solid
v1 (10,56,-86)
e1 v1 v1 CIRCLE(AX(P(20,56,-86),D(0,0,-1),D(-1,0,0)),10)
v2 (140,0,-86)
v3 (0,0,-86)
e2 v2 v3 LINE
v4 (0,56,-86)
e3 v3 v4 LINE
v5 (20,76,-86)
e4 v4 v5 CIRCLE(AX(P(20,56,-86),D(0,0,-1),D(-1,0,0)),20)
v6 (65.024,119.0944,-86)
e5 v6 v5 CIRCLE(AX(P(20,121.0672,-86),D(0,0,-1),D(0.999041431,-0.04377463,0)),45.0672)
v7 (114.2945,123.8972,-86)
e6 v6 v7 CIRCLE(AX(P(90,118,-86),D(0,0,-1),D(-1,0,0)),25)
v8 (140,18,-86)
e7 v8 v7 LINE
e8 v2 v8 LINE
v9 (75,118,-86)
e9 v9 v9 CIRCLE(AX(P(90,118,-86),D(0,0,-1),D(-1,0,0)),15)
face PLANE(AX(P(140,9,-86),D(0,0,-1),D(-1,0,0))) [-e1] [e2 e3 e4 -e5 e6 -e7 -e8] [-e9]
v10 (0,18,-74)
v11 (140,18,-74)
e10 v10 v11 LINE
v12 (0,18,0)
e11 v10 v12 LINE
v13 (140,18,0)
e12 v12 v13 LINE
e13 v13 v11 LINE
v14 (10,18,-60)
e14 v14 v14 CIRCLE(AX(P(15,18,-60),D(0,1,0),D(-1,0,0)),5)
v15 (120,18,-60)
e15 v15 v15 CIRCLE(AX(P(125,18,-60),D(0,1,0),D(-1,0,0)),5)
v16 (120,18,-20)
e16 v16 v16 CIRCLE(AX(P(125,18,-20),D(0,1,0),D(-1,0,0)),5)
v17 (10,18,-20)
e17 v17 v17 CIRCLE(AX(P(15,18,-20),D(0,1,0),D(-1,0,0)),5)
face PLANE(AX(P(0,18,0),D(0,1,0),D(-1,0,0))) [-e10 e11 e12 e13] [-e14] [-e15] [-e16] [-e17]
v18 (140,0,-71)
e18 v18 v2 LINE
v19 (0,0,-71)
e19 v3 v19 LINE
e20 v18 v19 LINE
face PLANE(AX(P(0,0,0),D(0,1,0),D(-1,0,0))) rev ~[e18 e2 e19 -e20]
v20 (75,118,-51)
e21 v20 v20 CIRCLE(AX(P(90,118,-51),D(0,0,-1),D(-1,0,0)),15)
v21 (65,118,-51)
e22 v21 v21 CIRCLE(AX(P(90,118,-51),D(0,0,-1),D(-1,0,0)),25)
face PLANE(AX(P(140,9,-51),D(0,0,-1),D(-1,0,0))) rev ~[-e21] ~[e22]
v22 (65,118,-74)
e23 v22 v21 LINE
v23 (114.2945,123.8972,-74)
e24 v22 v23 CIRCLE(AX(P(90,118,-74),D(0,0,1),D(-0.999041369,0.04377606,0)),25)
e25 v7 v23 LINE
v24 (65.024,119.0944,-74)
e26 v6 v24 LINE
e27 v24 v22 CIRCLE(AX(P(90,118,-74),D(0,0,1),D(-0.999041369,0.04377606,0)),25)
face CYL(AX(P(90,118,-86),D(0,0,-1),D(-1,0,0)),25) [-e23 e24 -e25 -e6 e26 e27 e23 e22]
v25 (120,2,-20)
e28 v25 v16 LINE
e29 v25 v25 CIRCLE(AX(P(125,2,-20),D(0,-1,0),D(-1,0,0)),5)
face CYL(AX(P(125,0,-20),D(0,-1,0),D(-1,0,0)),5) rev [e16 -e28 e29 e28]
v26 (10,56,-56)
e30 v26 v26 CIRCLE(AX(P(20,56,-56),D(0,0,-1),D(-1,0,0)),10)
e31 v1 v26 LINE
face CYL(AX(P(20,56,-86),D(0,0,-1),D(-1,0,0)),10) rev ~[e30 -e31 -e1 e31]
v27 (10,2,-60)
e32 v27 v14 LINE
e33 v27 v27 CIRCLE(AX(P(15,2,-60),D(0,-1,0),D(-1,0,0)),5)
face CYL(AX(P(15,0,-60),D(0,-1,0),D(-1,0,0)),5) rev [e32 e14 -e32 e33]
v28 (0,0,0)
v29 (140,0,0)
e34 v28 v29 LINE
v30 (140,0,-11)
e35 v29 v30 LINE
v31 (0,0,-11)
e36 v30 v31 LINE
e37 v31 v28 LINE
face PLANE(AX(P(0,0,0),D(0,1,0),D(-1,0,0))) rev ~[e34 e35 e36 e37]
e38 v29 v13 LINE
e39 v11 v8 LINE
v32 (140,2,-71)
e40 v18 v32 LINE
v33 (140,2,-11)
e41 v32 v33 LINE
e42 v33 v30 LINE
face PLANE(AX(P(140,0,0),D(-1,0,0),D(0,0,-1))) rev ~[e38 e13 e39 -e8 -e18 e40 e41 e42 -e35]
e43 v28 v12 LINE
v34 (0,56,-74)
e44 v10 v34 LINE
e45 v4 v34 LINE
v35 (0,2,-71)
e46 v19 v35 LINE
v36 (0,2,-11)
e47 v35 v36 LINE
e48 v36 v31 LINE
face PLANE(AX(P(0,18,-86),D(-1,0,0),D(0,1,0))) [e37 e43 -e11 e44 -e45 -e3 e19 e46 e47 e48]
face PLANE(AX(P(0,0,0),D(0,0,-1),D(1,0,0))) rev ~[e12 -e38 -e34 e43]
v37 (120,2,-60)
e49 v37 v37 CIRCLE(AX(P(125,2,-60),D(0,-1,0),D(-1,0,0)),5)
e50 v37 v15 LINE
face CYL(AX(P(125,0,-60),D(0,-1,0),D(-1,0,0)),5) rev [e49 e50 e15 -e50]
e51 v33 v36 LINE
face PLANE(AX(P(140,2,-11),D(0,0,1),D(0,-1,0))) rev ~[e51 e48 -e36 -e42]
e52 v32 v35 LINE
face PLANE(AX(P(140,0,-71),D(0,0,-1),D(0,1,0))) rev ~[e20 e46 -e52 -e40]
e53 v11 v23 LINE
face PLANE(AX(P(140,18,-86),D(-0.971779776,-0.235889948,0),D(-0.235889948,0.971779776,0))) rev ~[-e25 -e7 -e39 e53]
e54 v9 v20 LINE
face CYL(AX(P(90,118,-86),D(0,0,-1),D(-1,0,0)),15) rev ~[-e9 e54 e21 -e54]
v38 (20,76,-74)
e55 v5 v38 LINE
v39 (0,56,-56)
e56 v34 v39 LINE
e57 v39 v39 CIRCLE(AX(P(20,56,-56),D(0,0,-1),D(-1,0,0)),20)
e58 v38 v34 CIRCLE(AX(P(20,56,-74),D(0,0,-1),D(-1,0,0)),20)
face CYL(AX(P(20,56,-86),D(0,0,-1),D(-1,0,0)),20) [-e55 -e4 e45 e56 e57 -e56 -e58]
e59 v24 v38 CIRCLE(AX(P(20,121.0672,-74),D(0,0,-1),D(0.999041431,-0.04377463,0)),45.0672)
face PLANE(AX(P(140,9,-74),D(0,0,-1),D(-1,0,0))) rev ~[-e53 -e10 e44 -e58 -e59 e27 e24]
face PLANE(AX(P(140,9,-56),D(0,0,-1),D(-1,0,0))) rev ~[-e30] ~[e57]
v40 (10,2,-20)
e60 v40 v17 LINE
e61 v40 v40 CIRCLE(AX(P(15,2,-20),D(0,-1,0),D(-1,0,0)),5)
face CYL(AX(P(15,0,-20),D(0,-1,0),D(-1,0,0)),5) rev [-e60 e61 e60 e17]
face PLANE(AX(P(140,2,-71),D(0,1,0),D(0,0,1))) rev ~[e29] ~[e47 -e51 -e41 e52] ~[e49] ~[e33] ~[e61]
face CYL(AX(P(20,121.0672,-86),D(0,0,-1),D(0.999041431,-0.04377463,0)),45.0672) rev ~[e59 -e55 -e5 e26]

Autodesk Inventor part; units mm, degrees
ref_plane "YZ Plane" through (0, 0, 0) normal (1, 0, 0) x (0, 1, 0)
ref_plane "XZ Plane" through (0, 0, 0) normal (0, 1, 0) x (-1, 0, 0)
sketch "Sketch1" plane through (0, 0, 0) normal (0, 1, 0) x (-1, 0, 0)
  line L0 (0, 0) -> (-140, 0)
  line L1 (-140, 0) -> (-140, -86)
  line L2 (-140, -86) -> (0, -86)
  line L3 (0, -86) -> (0, 0)
  line L4 (0, 0) -> (-15, 0) construction
  line L5 (-15, 0) -> (-15, -20) construction
  line L6 (-15, -20) -> (0, -20) construction
  line L7 (0, -20) -> (0, 0) construction
  circle A0 centre (-15, -20) radius 5
  line L8 (0, -43) -> (-140, -43) construction
  line L9 (-15, -20) -> (-125, -20) construction
  line L10 (-125, -20) -> (-125, -60) construction
  line L11 (-125, -60) -> (-15, -60) construction
  line L12 (-15, -60) -> (-15, -20) construction
  circle A1 centre (-125, -20) radius 5
  circle A2 centre (-125, -60) radius 5
  circle A3 centre (-15, -60) radius 5
  dimension "d0" = 140
  dimension "d1" = 86
  dimension "d2" = 15
  dimension "d3" = 20
  dimension "d4" = 10
  dimension "d5" = 110
  dimension "d6" = 40
  dimension "d7" = 10
  dimension "d8" = 10
  dimension "d9" = 10
extrude "Extrusion1" add sketch "Sketch1" along normal blind 18
sketch "Sketch2" plane through (140, 0, 0) normal (1, 0, 0) x (0, 0, -1)
  line L0 (0, 18) -> (86, 18) construction
  line L1 (0, 0) -> (86, 0) construction
  line L2 (0, 18) -> (86, 18) construction
  line L3 (86, 18) -> (86, 0) construction
  line L4 (86, 0) -> (0, 0) construction
  line L5 (0, 0) -> (0, 18) construction
  line L6 (86, 0) -> (71, 0) construction
  line L7 (71, 0) -> (71, 2) construction
  line L8 (71, 2) -> (86, 2) construction
  line L9 (86, 2) -> (86, 0) construction
  line L10 (71, 2) -> (11, 2)
  line L11 (11, 2) -> (11, 0)
  line L12 (11, 0) -> (71, 0)
  line L13 (71, 0) -> (71, 2)
  dimension "d12" = 15
  dimension "d13" = 2
  dimension "d14" = 60
extrude "Extrusion2" cut sketch "Sketch2" against normal up to surface (140 mm away)
ref_plane "Work Plane1" through (140, 9, -86) normal (0, 0, -1) x (-1, 0, 0)
sketch "Sketch3" plane through (140, 9, -86) normal (0, 0, -1) x (-1, 0, 0)
  line L0 (140, 9) -> (0, 9) construction
  line L1 (140, -9) -> (0, -9) construction
  line L2 (0, -9) -> (0, 9) construction
  line L3 (140, 9) -> (0, 9) projected
  line L4 (140, -9) -> (140, 9) construction
  line L5 (140, -9) -> (140, 9) construction
  circle A0 centre (120, 47) radius 20
  arc A1 (74.976, 110.0944) -> (120, 67) centre (120, 112.0672) ccw
  circle A2 centre (120, 47) radius 10
  line L6 (0, -9) -> (50, -9) construction
  line L7 (50, -9) -> (50, 109) construction
  line L8 (50, 109) -> (0, 109) construction
  line L9 (0, 109) -> (0, -9) construction
  circle A3 centre (50, 109) radius 25
  circle A4 centre (50, 109) radius 15
  line L10 (120, 47) -> (120, 67) construction
  line L11 (0, 9) -> (25.7055, 114.8972)
  line L12 (140, 9) -> (140, 47)
  dimension "d17" = 56
  dimension "d18" = 40
  dimension "d19" = 20
  dimension "d20" = 50
  dimension "d21" = 118
  dimension "d22" = 50
  dimension "d23" = 30
extrude "Extrusion3" add sketch "Sketch3" against normal blind 12 contours L3 L11 A3 A1 A0 L12
extrude "Extrusion4" add sketch "Sketch3" against normal blind 35 contours A3
extrude "Extrusion5" add sketch "Sketch3" against normal blind 30 contours A0
properties part number "CE-1.3.4"
